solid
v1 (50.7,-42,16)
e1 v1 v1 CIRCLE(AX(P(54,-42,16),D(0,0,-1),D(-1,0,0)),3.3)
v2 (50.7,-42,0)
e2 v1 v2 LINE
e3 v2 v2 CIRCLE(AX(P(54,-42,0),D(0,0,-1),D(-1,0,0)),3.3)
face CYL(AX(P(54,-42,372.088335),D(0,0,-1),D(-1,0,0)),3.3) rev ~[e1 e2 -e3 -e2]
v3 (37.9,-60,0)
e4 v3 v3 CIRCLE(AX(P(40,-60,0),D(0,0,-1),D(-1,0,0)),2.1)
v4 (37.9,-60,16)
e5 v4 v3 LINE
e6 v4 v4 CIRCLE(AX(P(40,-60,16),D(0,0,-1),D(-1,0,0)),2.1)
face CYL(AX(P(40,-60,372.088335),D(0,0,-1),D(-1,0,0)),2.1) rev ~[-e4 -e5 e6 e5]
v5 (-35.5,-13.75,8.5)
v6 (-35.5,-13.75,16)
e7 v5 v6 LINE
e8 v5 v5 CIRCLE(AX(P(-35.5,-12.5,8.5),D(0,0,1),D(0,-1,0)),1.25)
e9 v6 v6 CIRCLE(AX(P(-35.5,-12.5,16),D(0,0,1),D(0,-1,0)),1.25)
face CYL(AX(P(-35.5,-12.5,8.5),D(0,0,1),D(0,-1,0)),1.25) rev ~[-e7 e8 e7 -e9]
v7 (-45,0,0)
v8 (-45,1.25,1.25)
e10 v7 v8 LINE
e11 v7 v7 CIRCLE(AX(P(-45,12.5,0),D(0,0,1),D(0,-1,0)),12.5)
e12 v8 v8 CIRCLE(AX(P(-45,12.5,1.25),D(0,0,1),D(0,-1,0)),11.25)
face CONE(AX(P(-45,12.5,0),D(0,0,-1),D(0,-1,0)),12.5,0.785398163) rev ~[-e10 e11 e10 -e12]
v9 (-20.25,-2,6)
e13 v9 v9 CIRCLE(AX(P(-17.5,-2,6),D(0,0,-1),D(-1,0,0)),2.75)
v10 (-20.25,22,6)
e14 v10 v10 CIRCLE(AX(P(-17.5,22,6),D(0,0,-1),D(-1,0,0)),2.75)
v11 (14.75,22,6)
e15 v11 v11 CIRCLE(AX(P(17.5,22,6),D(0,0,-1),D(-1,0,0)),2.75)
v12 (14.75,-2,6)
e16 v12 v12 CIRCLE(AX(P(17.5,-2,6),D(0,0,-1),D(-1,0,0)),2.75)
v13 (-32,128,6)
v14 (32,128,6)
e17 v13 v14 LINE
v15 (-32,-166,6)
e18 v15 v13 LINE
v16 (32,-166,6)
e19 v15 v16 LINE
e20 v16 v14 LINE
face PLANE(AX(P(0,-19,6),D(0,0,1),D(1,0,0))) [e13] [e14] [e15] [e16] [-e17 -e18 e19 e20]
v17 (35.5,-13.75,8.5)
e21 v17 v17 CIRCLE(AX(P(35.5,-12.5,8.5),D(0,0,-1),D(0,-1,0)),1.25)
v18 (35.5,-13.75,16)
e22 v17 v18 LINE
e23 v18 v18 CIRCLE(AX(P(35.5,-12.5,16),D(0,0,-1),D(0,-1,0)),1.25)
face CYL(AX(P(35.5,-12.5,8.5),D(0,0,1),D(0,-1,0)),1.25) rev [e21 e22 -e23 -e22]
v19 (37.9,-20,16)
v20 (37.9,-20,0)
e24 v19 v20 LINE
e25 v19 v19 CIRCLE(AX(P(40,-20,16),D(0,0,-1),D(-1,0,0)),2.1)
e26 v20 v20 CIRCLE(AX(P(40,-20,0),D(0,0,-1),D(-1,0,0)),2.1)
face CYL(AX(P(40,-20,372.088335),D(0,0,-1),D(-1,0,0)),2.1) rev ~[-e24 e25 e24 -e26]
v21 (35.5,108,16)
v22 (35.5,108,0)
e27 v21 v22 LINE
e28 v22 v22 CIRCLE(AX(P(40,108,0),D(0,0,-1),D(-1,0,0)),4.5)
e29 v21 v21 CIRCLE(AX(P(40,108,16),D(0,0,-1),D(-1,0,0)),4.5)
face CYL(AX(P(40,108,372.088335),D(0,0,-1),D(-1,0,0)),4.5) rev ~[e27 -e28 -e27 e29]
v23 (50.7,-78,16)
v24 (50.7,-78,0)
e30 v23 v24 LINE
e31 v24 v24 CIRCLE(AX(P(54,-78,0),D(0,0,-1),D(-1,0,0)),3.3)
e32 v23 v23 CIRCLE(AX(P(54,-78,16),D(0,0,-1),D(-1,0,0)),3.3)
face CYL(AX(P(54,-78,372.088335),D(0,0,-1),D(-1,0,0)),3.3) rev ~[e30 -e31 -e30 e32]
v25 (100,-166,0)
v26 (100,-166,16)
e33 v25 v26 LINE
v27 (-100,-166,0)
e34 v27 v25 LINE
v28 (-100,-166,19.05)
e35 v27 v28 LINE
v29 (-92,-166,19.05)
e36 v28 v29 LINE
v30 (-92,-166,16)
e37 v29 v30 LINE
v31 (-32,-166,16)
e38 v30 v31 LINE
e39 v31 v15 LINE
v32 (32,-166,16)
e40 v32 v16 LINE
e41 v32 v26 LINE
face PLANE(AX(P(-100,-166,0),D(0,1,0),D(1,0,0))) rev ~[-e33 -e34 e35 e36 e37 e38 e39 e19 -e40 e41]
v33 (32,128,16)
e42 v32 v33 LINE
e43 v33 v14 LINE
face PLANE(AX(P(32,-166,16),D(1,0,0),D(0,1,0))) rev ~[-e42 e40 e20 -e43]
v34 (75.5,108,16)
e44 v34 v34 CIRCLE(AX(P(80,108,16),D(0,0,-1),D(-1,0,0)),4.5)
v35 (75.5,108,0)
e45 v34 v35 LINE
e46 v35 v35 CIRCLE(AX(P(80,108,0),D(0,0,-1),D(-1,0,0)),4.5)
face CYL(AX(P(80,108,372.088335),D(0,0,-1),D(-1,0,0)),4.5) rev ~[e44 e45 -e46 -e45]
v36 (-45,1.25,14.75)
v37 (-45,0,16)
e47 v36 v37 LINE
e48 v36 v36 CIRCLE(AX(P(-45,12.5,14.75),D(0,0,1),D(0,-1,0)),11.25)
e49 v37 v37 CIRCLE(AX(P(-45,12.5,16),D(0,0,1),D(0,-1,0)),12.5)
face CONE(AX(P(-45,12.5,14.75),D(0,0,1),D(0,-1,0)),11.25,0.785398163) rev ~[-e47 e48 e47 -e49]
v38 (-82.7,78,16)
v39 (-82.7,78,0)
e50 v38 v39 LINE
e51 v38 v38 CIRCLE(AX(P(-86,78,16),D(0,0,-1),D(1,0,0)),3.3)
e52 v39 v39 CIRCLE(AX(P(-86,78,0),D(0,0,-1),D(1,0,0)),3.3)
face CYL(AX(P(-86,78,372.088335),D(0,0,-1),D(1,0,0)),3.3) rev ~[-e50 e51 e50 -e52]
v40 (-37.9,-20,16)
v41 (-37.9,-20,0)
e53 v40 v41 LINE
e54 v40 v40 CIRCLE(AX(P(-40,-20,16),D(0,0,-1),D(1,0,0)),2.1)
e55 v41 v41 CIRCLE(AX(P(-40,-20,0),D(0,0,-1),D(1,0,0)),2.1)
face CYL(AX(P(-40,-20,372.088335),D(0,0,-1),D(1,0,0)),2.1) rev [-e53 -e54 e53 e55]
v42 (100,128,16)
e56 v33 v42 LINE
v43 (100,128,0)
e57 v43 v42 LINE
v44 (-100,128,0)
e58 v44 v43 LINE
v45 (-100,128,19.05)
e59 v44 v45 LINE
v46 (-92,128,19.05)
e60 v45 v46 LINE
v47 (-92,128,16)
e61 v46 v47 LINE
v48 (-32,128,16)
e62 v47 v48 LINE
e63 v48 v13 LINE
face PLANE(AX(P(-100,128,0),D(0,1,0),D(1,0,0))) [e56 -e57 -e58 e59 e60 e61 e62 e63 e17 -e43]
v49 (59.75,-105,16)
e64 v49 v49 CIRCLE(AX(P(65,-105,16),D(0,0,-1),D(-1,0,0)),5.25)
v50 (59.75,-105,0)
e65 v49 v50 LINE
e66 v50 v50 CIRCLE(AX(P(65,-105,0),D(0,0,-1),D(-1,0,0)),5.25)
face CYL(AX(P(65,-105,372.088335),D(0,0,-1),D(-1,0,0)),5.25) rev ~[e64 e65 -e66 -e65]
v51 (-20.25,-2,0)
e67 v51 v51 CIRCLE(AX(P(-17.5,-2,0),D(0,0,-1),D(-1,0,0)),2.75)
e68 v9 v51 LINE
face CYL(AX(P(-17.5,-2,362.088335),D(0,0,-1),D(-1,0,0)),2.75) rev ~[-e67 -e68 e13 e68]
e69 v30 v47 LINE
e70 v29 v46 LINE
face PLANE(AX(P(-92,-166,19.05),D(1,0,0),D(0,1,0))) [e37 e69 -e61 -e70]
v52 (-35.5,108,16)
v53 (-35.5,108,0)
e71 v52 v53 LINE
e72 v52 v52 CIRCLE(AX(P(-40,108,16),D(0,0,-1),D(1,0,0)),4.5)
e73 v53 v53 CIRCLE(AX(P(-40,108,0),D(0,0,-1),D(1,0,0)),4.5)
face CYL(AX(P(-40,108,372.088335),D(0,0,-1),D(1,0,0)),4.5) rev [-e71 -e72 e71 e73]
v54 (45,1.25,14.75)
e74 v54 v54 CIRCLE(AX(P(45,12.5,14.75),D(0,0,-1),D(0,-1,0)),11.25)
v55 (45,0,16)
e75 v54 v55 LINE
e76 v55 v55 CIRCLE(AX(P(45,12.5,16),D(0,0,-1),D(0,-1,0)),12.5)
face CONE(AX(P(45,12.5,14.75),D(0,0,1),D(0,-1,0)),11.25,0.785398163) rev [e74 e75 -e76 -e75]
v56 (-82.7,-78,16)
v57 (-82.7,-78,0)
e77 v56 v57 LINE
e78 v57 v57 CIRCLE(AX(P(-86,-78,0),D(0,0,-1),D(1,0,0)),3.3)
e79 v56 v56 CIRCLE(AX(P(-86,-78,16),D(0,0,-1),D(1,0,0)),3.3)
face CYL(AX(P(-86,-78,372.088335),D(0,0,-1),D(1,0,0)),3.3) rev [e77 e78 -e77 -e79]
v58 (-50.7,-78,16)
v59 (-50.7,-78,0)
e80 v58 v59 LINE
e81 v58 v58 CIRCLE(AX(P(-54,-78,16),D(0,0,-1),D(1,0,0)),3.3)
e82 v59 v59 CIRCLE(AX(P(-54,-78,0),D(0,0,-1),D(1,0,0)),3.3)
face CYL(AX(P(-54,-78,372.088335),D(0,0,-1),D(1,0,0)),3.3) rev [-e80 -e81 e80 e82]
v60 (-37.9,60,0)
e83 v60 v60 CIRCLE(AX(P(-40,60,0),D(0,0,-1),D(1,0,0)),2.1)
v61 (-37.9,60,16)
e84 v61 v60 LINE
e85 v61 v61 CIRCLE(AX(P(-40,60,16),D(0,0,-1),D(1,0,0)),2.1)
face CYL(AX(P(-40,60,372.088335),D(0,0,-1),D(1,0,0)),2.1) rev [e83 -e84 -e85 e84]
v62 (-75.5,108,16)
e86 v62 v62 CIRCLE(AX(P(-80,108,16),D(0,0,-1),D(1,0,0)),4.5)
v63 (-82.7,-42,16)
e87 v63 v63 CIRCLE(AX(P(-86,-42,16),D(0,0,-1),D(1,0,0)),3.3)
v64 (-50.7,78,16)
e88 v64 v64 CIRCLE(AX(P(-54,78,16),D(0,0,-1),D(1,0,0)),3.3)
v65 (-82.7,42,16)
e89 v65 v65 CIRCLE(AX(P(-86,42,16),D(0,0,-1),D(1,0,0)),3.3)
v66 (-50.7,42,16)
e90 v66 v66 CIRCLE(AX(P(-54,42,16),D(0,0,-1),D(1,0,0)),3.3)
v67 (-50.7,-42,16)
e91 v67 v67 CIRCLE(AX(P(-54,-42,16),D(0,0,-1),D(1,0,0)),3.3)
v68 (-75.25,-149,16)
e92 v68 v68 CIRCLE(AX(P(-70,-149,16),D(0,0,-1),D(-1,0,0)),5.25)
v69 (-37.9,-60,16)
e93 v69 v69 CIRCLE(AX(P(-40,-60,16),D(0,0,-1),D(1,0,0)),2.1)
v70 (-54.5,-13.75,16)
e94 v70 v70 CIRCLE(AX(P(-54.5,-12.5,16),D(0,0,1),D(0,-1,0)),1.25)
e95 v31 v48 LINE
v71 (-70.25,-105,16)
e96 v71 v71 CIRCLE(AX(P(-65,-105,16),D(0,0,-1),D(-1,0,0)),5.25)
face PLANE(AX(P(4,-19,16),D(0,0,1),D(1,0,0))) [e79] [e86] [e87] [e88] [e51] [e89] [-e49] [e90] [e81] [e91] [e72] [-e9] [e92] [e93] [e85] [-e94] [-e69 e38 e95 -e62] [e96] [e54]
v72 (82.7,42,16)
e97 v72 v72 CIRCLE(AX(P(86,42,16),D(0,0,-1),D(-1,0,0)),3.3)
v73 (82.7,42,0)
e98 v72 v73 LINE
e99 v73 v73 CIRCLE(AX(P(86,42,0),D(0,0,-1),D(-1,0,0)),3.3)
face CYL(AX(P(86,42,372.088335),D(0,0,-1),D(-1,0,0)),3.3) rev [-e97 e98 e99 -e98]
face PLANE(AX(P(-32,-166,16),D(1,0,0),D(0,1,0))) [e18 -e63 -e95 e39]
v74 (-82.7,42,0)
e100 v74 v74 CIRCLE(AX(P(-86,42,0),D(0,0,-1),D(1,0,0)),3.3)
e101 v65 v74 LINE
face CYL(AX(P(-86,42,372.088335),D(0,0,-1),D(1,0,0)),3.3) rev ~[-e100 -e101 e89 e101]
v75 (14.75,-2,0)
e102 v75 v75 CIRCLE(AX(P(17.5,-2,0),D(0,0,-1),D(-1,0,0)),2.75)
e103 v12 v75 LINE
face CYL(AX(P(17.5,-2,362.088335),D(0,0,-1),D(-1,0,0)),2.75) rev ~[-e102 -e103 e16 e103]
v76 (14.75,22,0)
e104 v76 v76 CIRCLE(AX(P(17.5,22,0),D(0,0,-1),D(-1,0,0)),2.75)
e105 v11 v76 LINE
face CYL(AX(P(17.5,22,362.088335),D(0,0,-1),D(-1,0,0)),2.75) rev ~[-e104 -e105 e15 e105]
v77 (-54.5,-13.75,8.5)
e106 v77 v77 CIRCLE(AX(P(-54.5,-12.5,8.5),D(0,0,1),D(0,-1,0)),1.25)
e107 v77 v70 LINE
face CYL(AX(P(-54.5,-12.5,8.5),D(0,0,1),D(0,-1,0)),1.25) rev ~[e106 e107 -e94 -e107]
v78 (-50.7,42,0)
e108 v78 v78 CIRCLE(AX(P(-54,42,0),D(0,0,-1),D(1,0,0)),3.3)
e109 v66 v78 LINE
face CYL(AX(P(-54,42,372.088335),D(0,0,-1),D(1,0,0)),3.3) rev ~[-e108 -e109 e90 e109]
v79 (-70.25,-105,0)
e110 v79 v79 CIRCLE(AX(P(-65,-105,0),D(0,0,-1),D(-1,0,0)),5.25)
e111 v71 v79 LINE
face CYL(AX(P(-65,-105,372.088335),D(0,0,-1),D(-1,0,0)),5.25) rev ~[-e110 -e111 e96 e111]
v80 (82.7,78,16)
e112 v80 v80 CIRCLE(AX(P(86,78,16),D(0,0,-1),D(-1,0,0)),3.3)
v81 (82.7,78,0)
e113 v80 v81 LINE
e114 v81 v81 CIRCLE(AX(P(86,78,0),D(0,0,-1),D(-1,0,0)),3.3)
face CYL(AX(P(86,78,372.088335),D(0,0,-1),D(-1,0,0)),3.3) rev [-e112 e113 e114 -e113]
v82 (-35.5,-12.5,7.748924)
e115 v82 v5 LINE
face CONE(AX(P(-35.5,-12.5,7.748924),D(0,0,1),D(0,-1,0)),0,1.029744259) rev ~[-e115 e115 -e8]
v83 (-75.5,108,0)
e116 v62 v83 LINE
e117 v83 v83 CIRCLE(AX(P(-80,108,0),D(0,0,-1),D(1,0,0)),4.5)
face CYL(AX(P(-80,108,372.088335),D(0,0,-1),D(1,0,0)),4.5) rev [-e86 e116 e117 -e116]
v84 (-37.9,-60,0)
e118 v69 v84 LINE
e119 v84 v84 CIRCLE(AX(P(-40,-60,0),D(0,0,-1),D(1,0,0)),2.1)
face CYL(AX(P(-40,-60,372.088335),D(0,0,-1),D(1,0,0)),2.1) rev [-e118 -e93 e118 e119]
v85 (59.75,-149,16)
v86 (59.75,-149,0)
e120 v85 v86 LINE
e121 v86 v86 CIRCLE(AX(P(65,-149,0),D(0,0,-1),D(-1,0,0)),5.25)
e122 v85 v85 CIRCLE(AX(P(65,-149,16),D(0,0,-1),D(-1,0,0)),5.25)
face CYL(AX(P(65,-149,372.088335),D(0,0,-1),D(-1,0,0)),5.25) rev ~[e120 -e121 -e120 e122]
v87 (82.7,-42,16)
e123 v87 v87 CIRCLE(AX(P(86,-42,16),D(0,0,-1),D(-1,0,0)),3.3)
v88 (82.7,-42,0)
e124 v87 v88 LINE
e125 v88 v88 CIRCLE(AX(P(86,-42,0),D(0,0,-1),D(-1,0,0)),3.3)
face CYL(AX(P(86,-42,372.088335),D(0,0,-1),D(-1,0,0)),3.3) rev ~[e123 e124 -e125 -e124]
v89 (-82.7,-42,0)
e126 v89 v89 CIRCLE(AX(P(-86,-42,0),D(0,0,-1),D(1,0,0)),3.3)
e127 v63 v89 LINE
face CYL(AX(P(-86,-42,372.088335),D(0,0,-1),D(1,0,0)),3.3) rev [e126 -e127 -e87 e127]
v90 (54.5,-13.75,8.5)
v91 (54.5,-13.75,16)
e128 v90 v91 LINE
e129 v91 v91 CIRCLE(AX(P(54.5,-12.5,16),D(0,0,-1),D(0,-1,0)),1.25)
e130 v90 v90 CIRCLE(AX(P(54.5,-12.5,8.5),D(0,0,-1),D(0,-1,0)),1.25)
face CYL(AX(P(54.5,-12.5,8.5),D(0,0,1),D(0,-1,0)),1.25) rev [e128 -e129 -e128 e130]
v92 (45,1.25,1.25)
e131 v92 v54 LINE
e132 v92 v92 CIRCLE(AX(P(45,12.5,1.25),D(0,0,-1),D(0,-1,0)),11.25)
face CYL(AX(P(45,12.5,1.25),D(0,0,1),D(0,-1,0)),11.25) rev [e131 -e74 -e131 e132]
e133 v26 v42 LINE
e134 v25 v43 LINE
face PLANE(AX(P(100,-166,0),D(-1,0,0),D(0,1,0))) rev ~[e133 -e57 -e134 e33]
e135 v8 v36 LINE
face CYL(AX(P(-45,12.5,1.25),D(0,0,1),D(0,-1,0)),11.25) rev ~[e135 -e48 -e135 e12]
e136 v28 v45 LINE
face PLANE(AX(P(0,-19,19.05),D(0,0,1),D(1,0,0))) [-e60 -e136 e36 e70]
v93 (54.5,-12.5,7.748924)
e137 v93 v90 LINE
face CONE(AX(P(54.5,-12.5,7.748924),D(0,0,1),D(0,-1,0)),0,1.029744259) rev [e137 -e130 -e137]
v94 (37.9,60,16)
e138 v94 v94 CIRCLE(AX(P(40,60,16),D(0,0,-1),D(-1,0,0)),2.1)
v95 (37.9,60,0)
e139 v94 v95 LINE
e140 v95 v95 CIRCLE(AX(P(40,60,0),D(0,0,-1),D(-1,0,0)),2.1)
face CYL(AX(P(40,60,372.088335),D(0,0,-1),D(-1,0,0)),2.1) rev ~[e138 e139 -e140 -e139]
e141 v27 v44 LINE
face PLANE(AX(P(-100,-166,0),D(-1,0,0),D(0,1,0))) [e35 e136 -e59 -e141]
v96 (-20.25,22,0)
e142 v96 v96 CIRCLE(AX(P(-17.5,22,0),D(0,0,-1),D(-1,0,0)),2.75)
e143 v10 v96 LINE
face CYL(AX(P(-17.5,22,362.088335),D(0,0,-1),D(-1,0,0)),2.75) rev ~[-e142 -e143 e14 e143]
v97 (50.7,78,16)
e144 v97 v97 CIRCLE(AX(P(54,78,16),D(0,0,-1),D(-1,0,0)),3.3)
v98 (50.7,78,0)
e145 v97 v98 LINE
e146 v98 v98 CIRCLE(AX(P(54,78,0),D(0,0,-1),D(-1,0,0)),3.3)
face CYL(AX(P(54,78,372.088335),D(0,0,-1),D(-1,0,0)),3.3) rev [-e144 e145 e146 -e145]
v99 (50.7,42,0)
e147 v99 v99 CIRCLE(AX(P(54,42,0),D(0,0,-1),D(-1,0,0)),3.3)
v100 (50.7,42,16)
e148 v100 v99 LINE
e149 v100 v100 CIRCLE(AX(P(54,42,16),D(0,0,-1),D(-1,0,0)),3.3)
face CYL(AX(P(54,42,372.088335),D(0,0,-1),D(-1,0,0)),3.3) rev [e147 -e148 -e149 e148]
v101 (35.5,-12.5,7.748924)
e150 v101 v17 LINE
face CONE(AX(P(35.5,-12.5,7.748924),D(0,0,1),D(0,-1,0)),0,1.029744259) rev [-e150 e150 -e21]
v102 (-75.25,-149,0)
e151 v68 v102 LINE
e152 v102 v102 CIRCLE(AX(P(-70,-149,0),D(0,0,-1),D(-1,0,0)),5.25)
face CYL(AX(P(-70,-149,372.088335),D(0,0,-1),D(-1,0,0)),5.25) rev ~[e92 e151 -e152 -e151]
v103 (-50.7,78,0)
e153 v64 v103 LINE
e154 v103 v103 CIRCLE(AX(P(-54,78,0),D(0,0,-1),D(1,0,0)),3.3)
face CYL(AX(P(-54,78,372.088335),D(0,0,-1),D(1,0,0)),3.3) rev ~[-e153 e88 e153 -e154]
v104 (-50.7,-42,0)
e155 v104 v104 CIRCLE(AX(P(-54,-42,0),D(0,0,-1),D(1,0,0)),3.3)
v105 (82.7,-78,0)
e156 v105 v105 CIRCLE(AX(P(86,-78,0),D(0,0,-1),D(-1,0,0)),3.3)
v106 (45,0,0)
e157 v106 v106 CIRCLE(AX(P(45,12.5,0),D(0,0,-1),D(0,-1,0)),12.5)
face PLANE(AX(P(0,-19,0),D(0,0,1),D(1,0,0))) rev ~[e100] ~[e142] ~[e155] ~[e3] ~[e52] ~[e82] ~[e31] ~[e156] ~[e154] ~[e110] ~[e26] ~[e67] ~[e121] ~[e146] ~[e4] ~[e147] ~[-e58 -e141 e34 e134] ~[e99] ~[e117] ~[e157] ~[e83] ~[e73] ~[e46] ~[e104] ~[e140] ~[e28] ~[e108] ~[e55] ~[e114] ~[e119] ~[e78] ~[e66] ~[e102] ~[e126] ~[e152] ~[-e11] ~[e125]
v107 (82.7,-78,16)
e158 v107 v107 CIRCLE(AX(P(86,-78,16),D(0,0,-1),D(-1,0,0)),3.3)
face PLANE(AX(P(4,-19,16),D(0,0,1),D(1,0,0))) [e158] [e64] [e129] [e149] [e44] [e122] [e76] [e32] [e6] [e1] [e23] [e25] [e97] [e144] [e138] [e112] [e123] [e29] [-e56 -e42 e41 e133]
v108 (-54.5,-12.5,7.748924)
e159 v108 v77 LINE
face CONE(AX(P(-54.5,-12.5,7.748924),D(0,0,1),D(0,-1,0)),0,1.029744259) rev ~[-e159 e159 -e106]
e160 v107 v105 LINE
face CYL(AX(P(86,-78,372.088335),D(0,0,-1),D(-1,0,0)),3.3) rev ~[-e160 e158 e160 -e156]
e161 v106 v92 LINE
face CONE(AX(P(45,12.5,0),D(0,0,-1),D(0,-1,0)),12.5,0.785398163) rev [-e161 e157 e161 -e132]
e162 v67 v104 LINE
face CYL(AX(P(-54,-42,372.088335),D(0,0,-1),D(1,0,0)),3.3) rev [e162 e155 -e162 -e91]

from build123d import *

# Parameters (mm, degrees)
SKETCH1_W                      = 200
SKETCH1_H                      = 294
BOSS_EXTRUDE1_DEPTH            = 19.05
SKETCH2_W                      = 192
SKETCH2_H                      = 294
CUT_EXTRUDE1_DEPTH             = 3.05
SKETCH3_W                      = 64
SKETCH3_H                      = 294
CUT_EXTRUDE2_DEPTH             = 10
M6_CLEARANCE_HOLE1_D           = 6.6
M3X0_5_TAPPED_HOLE1_AT_2_COUNT = 2
M3X0_5_TAPPED_HOLE1_AT_2_PITCH = 19
M8_CLEARANCE_HOLE1_D           = 9
M5X0_8_TAPPED_HOLE1_D          = 4.2
MIRROR2_COPY_1_D               = 6.6
M5_CLEARANCE_HOLE1_D           = 5.5
M12X1_5_TAPPED_HOLE1_D         = 10.5


with BuildPart() as part:
    # Sketch1 → Boss-Extrude1 (new body)
    with BuildSketch(Plane.XY):
        with Locations((0, -19)):
            Rectangle(SKETCH1_W, SKETCH1_H)
    extrude(amount=BOSS_EXTRUDE1_DEPTH)

    # Sketch2 → Cut-Extrude1 (cut)
    with BuildSketch(Plane.XY.offset(19.05)):
        with Locations((4, -19)):
            Rectangle(SKETCH2_W, SKETCH2_H)
    extrude(amount=-CUT_EXTRUDE1_DEPTH, mode=Mode.SUBTRACT)

    # Sketch3 → Cut-Extrude2 (cut)
    with BuildSketch(Plane.XY.offset(16)):
        with Locations((0, -19)):
            Rectangle(SKETCH3_W, SKETCH3_H)
    extrude(amount=-CUT_EXTRUDE2_DEPTH, mode=Mode.SUBTRACT)

    # M6 Clearance Hole1 (through all)
    with Locations(Plane.XY.offset(16)):
        with Locations((54, -42), (86, -42), (86, -78), (54, -78)):
            m6_clearance_hole1 = Hole(M6_CLEARANCE_HOLE1_D / 2)

    # Mirror1: M6 Clearance Hole1 across plane
    add(m6_clearance_hole1.mirror(Plane.ZX), mode=Mode.SUBTRACT)

    # Sketch8 → M3x0.5 Tapped Hole1 (revolve, cut)
    with BuildSketch(Plane(origin=(54.5, -12.5, 16), x_dir=(0, -1, 0), z_dir=(1, 0, 0))):
        Polygon((0, 0), (0, 8.251075774), (1.25, 7.5), (1.25, 0), align=None)
    m3x0_5_tapped_hole1 = revolve(axis=Axis((54.5, -12.5, 22.35), (0, 0, -1)), mode=Mode.SUBTRACT)

    # M3x0.5 Tapped Hole1 at 2: M3x0.5 Tapped Hole1 ×2
    with Locations(*[(-i * M3X0_5_TAPPED_HOLE1_AT_2_PITCH, 0, 0) for i in range(1, M3X0_5_TAPPED_HOLE1_AT_2_COUNT)]):
        add(m3x0_5_tapped_hole1, mode=Mode.SUBTRACT)

    # Sketch10 → Ø22.5 (22.5) Diameter Hole1 (revolve, cut)
    with BuildSketch(Plane(origin=(45, 12.5, 16), x_dir=(0, -1, 0), z_dir=(1, 0, 0))):
        Polygon((0, 0), (0, 16), (12.5, 16), (11.25, 14.75), (11.25, 1.25), (12.5, 0), align=None)
    f_22_5_22_5_diameter_hole1 = revolve(axis=Axis((45, 12.5, 22.35), (0, 0, -1)), mode=Mode.SUBTRACT)

    # M8 Clearance Hole1 (through all)
    with Locations(Plane.XY.offset(16)):
        with Locations((40, 108), (80, 108)):
            m8_clearance_hole1 = Hole(M8_CLEARANCE_HOLE1_D / 2)

    # M5x0.8 Tapped Hole1 (through all)
    with Locations(Plane.XY.offset(16)):
        with Locations((40, 60), (40, -20), (40, -60)):
            m5x0_8_tapped_hole1 = Hole(M5X0_8_TAPPED_HOLE1_D / 2)

    # Mirror2: M6 Clearance Hole1, M3x0.5 Tapped Hole1, Ø22.5 (22.5) Diameter Hole1, M8 Clearance Hole1, M5x0.8 Tapped Hole1 across plane
    add(m6_clearance_hole1.mirror(Plane(origin=(0, 0, 0), x_dir=(0, 0, 1), z_dir=(1, 0, 0))), mode=Mode.SUBTRACT)
    add(m3x0_5_tapped_hole1.mirror(Plane(origin=(0, 0, 0), x_dir=(0, 0, 1), z_dir=(1, 0, 0))), mode=Mode.SUBTRACT)
    add(f_22_5_22_5_diameter_hole1.mirror(Plane(origin=(0, 0, 0), x_dir=(0, 0, 1), z_dir=(1, 0, 0))), mode=Mode.SUBTRACT)
    add(m8_clearance_hole1.mirror(Plane(origin=(0, 0, 0), x_dir=(0, 0, 1), z_dir=(1, 0, 0))), mode=Mode.SUBTRACT)
    add(m5x0_8_tapped_hole1.mirror(Plane(origin=(0, 0, 0), x_dir=(0, 0, 1), z_dir=(1, 0, 0))), mode=Mode.SUBTRACT)

    # Mirror2 copy 1 (through all)
    with Locations(Plane(origin=(0, 0, 16), x_dir=(-1, 0, 0), z_dir=(0, 0, 1))):
        with Locations((54, -42), (86, -42), (86, -78), (54, -78)):
            Hole(MIRROR2_COPY_1_D / 2)

    # Mirror2 copy 2 sketch → Mirror2 copy 2 (revolve, cut)
    with BuildSketch(Plane(origin=(-35.5, -12.5, 16), x_dir=(0, -1, 0), z_dir=(-1, 0, 0))):
        Polygon((0, 0), (0, -8.251075774), (1.25, -7.5), (1.25, 0), align=None)
    revolve(axis=Axis((-35.5, -12.5, 22.35), (0, 0, 1)), mode=Mode.SUBTRACT)

    # M5 Clearance Hole1 (through all)
    with Locations(Plane.XY.offset(6)):
        with Locations((-17.5, 22), (17.5, 22), (17.5, -2), (-17.5, -2)):
            Hole(M5_CLEARANCE_HOLE1_D / 2)

    # M12x1.5 Tapped Hole1 (through all)
    with Locations(Plane.XY.offset(16)):
        with Locations((65, -149), (-65, -105), (65, -105), (-70, -149)):
            Hole(M12X1_5_TAPPED_HOLE1_D / 2)


solid = part.part
